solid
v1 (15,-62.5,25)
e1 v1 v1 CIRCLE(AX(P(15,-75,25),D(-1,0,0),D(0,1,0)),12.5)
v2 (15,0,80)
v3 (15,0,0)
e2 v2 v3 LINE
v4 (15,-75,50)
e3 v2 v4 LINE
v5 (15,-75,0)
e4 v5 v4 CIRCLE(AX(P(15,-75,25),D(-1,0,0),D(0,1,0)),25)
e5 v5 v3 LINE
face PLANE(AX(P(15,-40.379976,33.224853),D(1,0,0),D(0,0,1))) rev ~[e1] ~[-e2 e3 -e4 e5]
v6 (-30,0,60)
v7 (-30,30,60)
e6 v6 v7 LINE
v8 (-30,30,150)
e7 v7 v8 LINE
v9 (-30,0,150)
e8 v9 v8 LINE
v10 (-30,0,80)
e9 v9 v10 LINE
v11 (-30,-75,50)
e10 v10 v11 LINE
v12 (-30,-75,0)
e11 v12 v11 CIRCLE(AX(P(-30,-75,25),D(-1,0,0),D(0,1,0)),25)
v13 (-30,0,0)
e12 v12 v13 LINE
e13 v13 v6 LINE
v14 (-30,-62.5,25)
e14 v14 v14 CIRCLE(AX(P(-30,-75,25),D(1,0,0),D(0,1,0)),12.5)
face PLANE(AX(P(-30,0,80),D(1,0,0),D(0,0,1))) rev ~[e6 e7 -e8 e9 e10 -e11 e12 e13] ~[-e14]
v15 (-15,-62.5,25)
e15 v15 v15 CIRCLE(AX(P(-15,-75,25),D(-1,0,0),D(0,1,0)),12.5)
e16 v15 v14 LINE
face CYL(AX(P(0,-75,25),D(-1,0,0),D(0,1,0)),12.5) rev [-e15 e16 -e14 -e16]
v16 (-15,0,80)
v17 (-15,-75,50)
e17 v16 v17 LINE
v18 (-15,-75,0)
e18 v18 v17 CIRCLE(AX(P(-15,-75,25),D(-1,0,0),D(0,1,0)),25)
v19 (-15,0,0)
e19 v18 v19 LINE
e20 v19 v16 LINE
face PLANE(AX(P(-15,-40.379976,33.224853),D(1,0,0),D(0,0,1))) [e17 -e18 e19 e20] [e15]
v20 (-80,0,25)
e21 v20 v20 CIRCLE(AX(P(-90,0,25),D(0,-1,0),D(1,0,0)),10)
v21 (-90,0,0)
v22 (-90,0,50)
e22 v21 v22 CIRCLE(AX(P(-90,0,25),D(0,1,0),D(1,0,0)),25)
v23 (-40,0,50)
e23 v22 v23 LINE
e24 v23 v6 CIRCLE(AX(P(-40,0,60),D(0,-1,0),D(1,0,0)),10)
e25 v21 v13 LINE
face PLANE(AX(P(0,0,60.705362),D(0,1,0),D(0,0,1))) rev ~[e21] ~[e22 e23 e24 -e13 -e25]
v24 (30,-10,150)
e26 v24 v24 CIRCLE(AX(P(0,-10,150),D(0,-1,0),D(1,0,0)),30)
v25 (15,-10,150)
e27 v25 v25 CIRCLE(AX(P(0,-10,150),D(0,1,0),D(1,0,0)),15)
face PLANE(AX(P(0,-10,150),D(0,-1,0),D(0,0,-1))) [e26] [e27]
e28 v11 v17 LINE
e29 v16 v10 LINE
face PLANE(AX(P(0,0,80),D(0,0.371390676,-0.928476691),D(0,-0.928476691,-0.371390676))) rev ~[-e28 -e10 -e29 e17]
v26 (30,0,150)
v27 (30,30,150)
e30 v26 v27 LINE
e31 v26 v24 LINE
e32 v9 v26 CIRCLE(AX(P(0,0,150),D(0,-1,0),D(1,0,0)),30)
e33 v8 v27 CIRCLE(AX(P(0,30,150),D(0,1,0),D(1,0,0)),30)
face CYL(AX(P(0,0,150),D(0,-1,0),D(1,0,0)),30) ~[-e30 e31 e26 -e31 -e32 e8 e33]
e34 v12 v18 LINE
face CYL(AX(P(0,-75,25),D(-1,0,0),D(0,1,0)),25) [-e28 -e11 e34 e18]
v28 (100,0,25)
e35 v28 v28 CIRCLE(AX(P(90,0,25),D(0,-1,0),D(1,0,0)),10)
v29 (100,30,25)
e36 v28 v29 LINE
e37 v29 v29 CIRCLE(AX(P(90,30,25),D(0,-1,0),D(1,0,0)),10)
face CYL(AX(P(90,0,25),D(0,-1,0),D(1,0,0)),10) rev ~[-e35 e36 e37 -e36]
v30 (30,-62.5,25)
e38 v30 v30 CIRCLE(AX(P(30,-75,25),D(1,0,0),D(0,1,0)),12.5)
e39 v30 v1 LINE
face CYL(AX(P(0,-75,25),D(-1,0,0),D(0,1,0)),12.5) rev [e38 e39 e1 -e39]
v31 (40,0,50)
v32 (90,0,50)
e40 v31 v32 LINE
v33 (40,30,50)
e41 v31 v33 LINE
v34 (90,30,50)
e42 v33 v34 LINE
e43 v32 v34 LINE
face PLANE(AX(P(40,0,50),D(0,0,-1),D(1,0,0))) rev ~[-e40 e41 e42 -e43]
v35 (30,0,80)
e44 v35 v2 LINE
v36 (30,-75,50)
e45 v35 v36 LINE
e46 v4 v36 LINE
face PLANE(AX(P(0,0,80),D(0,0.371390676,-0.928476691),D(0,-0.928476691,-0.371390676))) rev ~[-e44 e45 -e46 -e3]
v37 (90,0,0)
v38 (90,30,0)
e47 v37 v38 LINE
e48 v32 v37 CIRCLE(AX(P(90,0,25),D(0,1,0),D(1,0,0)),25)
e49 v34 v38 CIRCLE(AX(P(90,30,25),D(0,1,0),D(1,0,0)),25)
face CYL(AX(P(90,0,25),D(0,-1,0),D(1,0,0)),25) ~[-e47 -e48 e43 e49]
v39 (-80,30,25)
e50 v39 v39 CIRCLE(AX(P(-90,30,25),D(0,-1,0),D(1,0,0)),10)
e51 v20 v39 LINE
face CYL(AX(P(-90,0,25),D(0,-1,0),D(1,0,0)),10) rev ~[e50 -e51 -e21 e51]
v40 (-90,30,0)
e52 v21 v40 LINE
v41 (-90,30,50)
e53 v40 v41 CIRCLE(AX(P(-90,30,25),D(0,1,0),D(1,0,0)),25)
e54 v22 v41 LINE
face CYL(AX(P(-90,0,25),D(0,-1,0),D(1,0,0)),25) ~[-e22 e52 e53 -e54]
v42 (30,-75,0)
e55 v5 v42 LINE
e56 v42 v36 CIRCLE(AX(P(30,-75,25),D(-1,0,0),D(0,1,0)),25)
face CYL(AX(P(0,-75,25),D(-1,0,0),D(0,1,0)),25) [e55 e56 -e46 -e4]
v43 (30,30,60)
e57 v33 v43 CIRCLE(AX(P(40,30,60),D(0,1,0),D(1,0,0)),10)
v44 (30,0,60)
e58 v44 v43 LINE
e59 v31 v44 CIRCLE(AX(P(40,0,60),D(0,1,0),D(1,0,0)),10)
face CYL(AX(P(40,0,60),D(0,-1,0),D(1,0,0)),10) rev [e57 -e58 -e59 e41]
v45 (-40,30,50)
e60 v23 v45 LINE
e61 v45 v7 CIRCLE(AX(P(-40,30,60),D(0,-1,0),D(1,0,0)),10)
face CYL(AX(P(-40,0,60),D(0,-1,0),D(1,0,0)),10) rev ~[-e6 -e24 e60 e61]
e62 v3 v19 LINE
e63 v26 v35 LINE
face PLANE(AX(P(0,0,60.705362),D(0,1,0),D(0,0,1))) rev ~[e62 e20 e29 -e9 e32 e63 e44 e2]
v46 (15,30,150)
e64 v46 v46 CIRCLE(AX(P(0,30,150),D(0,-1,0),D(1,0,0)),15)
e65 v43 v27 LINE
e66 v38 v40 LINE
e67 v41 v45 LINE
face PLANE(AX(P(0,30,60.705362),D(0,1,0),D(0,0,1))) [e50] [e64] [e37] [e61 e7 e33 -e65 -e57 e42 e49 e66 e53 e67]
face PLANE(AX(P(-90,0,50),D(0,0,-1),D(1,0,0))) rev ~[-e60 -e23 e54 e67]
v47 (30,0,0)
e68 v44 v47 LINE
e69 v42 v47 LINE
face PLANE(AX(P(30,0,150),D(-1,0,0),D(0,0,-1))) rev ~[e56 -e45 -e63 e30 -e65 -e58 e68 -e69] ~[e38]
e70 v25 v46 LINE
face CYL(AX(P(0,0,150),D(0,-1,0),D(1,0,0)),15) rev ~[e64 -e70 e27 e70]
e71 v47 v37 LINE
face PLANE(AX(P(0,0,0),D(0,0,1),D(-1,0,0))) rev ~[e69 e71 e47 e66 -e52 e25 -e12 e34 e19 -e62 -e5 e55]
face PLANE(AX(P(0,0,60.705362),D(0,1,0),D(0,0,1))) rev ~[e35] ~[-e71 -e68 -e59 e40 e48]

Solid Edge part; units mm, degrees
sketch "Sketch1" plane through (0, 0, 0) normal (0, -1, 0) x (1, 0, 0)
  line L0 (30, 150) -> (30, 80)
  line L1 (30, 80) -> (30, 60)
  line L2 (40, 50) -> (90, 50)
  line L3 (90, 0) -> (0, 0)
  line L4 (0, 0) -> (-90, 0)
  line L5 (-90, 50) -> (-40, 50)
  line L6 (-30, 60) -> (-30, 80)
  line L7 (-30, 80) -> (-30, 150)
  arc A0 (40, 50) -> (30, 60) centre (40, 60) cw
  arc A1 (90, 50) -> (90, 0) centre (90, 25) cw
  arc A2 (-90, 0) -> (-90, 50) centre (-90, 25) cw
  arc A3 (-40, 50) -> (-30, 60) centre (-40, 60) ccw
  arc A4 (-30, 150) -> (30, 150) centre (0, 150) cw
extrude "Protrusion1" add sketch "Sketch1" against normal blind 30
sketch "Sketch2" plane through (0, 0, 0) normal (0, -1, 0) x (1, 0, 0)
  circle A0 centre (0, 150) radius 30
extrude "ExtrudedProtrusion_2" add sketch "Sketch2" along normal blind 10
sketch "Sketch3" plane through (0, 0, 0) normal (0, -1, 0) x (1, 0, 0)
  circle A0 centre (0, 150) radius 15
extrude "Cutout1" cut sketch "Sketch3" along normal mid plane 60
sketch "Sketch4" plane through (0, 0, 0) normal (0, -1, 0) x (1, 0, 0)
  circle A0 centre (90, 25) radius 10
extrude "Cutout2" cut sketch "Sketch4" along normal mid plane 60
sketch "Sketch5" plane through (0, 0, 0) normal (0, -1, 0) x (1, 0, 0)
  circle A0 centre (-90, 25) radius 10
extrude "ExtrudedCutout_3" cut sketch "Sketch5" along normal mid plane 60
sketch "Sketch6" plane through (0, 0, 0) normal (1, 0, 0) x (0, 1, 0)
  line L0 (0, 80) -> (-75, 50)
  line L1 (-75, 0) -> (0, 0)
  line L2 (0, 0) -> (0, 25)
  line L3 (0, 25) -> (0, 80)
  arc A0 (-75, 0) -> (-75, 50) centre (-75, 25) cw
extrude "ExtrudedProtrusion_4" add sketch "Sketch6" along normal mid plane 60
sketch "Sketch7" plane through (0, 0, 0) normal (1, 0, 0) x (0, 1, 0)
  circle A0 centre (-75, 25) radius 12.5
extrude "ExtrudedCutout_4" cut sketch "Sketch7" along normal mid plane 60
sketch "Sketch8" plane through (0, 0, 0) normal (1, 0, 0) x (0, 1, 0)
  line L0 (0, 80) -> (-75, 50)
  line L1 (0, 25) -> (0, 80)
  line L2 (0, 0) -> (0, 25)
  line L3 (-75, 0) -> (0, 0)
  arc A0 (-75, 0) -> (-75, 50) centre (-75, 25) cw
extrude "ExtrudedCutout_5" cut sketch "Sketch8" along normal mid plane 30
